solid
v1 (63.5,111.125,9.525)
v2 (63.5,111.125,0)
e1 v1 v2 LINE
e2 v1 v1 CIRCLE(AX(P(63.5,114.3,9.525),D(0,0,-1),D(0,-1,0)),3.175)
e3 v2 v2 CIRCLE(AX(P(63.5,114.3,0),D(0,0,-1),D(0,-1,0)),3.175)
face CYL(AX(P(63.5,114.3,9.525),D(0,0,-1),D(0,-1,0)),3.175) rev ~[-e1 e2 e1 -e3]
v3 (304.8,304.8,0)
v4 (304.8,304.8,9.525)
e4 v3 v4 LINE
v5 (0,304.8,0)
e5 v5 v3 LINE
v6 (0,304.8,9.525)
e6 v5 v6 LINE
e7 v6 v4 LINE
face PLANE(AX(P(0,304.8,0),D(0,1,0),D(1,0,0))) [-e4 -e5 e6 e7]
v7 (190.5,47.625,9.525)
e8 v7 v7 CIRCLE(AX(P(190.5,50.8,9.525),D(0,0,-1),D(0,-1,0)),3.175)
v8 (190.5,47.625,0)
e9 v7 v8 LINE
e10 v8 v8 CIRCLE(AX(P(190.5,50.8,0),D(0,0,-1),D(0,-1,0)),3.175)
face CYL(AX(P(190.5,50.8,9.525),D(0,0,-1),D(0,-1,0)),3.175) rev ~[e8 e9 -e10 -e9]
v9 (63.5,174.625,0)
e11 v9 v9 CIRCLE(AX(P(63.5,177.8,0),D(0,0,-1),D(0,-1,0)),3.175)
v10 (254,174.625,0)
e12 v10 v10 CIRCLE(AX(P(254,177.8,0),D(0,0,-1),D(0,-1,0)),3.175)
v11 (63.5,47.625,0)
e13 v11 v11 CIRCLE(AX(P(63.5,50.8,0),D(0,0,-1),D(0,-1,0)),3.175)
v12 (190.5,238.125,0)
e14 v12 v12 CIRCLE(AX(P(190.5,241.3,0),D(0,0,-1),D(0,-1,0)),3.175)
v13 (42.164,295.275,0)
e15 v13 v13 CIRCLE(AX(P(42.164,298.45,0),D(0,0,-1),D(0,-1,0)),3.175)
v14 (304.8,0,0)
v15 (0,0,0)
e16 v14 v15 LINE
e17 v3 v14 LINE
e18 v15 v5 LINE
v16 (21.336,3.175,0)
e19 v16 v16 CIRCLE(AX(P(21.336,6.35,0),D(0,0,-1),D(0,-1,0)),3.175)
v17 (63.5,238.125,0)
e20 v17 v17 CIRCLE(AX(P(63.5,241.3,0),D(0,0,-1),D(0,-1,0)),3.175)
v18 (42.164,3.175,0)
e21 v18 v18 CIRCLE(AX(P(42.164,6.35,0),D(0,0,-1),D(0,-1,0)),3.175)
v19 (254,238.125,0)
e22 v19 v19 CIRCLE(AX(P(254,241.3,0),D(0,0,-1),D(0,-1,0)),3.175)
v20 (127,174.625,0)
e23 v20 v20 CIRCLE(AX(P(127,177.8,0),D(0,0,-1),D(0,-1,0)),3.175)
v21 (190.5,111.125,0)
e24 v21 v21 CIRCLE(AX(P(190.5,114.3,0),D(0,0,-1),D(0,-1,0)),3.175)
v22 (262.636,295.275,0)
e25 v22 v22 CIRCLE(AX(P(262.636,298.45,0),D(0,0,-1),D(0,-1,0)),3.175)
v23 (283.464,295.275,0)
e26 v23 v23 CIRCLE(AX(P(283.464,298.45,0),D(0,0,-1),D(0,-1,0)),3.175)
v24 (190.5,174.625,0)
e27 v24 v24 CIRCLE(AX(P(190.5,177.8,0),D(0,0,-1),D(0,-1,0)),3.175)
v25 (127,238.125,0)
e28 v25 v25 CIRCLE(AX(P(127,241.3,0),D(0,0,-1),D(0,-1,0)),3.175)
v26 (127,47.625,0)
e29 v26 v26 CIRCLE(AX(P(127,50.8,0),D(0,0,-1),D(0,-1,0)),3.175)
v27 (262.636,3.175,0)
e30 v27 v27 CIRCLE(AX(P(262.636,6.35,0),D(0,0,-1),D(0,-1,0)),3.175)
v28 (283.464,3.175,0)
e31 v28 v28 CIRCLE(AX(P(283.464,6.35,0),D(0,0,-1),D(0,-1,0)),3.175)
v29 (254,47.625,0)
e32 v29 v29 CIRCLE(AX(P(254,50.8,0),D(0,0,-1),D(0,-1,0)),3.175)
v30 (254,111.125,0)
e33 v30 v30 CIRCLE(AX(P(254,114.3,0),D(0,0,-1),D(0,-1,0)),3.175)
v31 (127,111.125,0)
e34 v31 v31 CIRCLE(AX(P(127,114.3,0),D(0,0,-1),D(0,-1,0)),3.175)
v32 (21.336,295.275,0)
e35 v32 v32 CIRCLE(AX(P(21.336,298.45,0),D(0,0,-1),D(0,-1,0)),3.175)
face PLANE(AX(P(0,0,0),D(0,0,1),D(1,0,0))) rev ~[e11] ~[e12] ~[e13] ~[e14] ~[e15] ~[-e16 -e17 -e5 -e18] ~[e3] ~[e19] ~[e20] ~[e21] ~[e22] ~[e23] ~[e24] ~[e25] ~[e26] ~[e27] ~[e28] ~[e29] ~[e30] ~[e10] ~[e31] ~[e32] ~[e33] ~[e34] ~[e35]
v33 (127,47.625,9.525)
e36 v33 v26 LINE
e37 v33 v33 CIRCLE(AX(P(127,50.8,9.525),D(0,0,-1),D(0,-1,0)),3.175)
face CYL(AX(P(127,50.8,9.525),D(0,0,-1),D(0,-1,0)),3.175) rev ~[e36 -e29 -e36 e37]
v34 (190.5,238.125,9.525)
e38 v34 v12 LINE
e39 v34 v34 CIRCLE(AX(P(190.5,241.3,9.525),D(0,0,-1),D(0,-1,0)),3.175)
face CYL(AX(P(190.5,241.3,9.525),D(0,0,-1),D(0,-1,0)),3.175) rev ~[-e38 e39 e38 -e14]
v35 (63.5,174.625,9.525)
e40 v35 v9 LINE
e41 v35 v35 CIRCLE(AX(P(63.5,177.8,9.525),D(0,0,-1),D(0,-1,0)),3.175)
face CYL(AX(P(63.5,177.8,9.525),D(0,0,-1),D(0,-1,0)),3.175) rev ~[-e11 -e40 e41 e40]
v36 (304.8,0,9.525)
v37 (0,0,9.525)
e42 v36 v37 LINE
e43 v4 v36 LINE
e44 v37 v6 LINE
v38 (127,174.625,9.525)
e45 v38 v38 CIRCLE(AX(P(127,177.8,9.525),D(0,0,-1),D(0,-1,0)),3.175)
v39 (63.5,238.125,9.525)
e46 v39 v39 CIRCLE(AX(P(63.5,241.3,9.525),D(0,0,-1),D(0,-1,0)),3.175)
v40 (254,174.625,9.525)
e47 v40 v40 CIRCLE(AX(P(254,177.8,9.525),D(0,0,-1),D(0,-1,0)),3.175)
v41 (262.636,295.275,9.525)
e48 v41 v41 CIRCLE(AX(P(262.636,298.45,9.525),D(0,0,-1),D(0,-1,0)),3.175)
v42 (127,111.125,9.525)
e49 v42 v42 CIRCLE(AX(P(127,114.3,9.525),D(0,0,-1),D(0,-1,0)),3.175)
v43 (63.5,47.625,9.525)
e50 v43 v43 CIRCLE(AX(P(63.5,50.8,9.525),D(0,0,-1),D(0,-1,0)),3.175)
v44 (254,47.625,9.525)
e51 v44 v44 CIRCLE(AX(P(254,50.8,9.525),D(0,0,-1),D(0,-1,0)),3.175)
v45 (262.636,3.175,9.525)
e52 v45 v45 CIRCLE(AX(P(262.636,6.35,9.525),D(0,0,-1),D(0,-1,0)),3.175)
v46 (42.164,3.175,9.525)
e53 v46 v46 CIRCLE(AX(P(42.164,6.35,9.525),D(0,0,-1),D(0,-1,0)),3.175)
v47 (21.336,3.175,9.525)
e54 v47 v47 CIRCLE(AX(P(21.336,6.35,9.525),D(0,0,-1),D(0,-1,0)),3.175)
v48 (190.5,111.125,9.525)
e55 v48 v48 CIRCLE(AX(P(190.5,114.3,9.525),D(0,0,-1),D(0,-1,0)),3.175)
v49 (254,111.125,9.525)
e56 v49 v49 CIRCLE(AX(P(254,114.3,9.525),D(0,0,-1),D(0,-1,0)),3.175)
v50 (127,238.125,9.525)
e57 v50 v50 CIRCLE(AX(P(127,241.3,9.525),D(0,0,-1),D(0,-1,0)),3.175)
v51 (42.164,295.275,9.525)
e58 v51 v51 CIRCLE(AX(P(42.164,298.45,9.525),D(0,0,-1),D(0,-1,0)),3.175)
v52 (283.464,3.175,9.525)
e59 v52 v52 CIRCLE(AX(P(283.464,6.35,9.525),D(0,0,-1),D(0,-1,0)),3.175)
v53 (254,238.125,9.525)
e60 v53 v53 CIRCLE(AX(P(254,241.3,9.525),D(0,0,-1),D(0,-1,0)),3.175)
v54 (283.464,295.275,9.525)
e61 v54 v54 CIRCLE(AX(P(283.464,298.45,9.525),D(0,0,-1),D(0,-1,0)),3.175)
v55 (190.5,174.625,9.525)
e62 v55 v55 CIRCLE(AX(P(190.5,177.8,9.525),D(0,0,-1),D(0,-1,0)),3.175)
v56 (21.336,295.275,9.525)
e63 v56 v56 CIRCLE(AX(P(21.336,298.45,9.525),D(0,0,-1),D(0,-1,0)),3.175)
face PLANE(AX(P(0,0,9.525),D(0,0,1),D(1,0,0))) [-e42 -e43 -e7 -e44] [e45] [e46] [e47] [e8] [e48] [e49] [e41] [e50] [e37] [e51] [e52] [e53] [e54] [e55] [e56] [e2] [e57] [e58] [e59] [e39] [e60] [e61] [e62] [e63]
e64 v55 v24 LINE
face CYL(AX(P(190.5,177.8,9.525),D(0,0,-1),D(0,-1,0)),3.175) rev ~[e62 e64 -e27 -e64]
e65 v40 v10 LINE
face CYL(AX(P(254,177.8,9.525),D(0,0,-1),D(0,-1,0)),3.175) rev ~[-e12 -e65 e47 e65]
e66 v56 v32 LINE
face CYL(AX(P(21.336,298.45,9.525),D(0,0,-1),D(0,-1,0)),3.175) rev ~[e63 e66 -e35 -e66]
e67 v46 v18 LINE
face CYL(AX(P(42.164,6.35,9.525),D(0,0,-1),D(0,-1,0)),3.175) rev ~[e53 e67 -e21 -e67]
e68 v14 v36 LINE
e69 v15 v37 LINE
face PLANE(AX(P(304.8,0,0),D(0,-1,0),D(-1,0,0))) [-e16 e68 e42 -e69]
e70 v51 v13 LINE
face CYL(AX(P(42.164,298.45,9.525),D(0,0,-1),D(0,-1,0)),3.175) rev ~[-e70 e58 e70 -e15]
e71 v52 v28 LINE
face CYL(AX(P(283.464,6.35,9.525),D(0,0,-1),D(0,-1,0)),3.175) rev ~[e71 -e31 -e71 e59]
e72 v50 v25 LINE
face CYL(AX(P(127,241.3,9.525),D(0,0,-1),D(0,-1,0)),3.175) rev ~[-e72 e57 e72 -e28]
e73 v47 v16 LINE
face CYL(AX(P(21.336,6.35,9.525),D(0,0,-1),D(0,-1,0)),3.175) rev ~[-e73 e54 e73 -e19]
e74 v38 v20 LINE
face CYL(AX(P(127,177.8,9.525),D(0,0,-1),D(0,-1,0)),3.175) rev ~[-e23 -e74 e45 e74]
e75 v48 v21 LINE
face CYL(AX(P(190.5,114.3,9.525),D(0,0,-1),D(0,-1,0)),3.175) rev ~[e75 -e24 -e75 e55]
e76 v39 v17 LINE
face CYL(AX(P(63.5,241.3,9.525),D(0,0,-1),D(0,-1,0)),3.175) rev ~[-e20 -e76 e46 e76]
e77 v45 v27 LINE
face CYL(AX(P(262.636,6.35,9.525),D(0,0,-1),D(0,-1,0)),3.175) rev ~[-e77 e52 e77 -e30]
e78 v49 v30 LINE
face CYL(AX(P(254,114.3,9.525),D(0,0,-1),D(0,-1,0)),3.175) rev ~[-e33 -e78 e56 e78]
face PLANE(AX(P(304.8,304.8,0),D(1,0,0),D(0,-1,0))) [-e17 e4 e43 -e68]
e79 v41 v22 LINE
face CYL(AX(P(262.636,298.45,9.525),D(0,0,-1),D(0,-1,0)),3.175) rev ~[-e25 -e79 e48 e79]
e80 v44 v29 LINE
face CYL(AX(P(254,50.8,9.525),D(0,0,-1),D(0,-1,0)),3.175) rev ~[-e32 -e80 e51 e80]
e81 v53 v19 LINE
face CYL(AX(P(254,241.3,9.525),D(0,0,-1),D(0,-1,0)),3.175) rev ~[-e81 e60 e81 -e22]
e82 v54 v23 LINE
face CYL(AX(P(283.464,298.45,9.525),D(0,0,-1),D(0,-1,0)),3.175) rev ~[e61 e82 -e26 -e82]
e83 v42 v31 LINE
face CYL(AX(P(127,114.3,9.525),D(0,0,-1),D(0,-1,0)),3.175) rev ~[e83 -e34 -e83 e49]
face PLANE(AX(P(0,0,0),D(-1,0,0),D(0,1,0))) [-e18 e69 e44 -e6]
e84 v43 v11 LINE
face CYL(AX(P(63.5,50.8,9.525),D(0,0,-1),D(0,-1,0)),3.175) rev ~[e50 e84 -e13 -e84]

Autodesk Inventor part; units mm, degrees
ref_plane "YZ Plane" through (0, 0, 0) normal (1, 0, 0) x (0, 1, 0)
ref_plane "XZ Plane" through (0, 0, 0) normal (0, 1, 0) x (-1, 0, 0)
ref_plane "XY Plane" through (0, 0, 0) normal (0, 0, 1) x (1, 0, 0)
sketch "Sketch1" plane through (0, 0, 0) normal (0, 0, 1) x (1, 0, 0)
  line L0 (0, 304.8) -> (304.8, 304.8)
  line L1 (304.8, 304.8) -> (304.8, 0)
  line L2 (304.8, 0) -> (0, 0)
  line L3 (0, 0) -> (0, 304.8)
  dimension "d0" = 304.8
  dimension "d1" = 304.8
extrude "Extrusion1" add sketch "Sketch1" along normal blind 9.525
hole "Hole1" at (21.336, 298.45, 9.525) direction (0, 0, -1) diameter 6.35 end through all
hole "Hole2" at (42.164, 298.45, 9.525) direction (0, 0, -1) diameter 6.35 end through all
hole "Hole3" at (262.636, 298.45, 9.525) direction (0, 0, -1) diameter 6.35 end through all
hole "Hole4" at (283.464, 298.45, 9.525) direction (0, 0, -1) diameter 6.35 end through all
hole "Hole5" at (21.336, 6.35, 9.525) direction (0, 0, -1) diameter 6.35 end through all
hole "Hole6" at (42.164, 6.35, 9.525) direction (0, 0, -1) diameter 6.35 end through all
hole "Hole7" at (262.636, 6.35, 9.525) direction (0, 0, -1) diameter 6.35 end through all
hole "Hole8" at (283.464, 6.35, 9.525) direction (0, 0, -1) diameter 6.35 end through all
hole "Hole9" at (63.5, 241.3, 9.525) direction (0, 0, -1) diameter 6.35 end through all
pattern_linear "Rectangular Pattern1" count 4 spacing 63.5 along (1, 0, 0) count 4 spacing 63.5 along (0, -1, 0) of "Hole9"
properties part number "baseplate"
